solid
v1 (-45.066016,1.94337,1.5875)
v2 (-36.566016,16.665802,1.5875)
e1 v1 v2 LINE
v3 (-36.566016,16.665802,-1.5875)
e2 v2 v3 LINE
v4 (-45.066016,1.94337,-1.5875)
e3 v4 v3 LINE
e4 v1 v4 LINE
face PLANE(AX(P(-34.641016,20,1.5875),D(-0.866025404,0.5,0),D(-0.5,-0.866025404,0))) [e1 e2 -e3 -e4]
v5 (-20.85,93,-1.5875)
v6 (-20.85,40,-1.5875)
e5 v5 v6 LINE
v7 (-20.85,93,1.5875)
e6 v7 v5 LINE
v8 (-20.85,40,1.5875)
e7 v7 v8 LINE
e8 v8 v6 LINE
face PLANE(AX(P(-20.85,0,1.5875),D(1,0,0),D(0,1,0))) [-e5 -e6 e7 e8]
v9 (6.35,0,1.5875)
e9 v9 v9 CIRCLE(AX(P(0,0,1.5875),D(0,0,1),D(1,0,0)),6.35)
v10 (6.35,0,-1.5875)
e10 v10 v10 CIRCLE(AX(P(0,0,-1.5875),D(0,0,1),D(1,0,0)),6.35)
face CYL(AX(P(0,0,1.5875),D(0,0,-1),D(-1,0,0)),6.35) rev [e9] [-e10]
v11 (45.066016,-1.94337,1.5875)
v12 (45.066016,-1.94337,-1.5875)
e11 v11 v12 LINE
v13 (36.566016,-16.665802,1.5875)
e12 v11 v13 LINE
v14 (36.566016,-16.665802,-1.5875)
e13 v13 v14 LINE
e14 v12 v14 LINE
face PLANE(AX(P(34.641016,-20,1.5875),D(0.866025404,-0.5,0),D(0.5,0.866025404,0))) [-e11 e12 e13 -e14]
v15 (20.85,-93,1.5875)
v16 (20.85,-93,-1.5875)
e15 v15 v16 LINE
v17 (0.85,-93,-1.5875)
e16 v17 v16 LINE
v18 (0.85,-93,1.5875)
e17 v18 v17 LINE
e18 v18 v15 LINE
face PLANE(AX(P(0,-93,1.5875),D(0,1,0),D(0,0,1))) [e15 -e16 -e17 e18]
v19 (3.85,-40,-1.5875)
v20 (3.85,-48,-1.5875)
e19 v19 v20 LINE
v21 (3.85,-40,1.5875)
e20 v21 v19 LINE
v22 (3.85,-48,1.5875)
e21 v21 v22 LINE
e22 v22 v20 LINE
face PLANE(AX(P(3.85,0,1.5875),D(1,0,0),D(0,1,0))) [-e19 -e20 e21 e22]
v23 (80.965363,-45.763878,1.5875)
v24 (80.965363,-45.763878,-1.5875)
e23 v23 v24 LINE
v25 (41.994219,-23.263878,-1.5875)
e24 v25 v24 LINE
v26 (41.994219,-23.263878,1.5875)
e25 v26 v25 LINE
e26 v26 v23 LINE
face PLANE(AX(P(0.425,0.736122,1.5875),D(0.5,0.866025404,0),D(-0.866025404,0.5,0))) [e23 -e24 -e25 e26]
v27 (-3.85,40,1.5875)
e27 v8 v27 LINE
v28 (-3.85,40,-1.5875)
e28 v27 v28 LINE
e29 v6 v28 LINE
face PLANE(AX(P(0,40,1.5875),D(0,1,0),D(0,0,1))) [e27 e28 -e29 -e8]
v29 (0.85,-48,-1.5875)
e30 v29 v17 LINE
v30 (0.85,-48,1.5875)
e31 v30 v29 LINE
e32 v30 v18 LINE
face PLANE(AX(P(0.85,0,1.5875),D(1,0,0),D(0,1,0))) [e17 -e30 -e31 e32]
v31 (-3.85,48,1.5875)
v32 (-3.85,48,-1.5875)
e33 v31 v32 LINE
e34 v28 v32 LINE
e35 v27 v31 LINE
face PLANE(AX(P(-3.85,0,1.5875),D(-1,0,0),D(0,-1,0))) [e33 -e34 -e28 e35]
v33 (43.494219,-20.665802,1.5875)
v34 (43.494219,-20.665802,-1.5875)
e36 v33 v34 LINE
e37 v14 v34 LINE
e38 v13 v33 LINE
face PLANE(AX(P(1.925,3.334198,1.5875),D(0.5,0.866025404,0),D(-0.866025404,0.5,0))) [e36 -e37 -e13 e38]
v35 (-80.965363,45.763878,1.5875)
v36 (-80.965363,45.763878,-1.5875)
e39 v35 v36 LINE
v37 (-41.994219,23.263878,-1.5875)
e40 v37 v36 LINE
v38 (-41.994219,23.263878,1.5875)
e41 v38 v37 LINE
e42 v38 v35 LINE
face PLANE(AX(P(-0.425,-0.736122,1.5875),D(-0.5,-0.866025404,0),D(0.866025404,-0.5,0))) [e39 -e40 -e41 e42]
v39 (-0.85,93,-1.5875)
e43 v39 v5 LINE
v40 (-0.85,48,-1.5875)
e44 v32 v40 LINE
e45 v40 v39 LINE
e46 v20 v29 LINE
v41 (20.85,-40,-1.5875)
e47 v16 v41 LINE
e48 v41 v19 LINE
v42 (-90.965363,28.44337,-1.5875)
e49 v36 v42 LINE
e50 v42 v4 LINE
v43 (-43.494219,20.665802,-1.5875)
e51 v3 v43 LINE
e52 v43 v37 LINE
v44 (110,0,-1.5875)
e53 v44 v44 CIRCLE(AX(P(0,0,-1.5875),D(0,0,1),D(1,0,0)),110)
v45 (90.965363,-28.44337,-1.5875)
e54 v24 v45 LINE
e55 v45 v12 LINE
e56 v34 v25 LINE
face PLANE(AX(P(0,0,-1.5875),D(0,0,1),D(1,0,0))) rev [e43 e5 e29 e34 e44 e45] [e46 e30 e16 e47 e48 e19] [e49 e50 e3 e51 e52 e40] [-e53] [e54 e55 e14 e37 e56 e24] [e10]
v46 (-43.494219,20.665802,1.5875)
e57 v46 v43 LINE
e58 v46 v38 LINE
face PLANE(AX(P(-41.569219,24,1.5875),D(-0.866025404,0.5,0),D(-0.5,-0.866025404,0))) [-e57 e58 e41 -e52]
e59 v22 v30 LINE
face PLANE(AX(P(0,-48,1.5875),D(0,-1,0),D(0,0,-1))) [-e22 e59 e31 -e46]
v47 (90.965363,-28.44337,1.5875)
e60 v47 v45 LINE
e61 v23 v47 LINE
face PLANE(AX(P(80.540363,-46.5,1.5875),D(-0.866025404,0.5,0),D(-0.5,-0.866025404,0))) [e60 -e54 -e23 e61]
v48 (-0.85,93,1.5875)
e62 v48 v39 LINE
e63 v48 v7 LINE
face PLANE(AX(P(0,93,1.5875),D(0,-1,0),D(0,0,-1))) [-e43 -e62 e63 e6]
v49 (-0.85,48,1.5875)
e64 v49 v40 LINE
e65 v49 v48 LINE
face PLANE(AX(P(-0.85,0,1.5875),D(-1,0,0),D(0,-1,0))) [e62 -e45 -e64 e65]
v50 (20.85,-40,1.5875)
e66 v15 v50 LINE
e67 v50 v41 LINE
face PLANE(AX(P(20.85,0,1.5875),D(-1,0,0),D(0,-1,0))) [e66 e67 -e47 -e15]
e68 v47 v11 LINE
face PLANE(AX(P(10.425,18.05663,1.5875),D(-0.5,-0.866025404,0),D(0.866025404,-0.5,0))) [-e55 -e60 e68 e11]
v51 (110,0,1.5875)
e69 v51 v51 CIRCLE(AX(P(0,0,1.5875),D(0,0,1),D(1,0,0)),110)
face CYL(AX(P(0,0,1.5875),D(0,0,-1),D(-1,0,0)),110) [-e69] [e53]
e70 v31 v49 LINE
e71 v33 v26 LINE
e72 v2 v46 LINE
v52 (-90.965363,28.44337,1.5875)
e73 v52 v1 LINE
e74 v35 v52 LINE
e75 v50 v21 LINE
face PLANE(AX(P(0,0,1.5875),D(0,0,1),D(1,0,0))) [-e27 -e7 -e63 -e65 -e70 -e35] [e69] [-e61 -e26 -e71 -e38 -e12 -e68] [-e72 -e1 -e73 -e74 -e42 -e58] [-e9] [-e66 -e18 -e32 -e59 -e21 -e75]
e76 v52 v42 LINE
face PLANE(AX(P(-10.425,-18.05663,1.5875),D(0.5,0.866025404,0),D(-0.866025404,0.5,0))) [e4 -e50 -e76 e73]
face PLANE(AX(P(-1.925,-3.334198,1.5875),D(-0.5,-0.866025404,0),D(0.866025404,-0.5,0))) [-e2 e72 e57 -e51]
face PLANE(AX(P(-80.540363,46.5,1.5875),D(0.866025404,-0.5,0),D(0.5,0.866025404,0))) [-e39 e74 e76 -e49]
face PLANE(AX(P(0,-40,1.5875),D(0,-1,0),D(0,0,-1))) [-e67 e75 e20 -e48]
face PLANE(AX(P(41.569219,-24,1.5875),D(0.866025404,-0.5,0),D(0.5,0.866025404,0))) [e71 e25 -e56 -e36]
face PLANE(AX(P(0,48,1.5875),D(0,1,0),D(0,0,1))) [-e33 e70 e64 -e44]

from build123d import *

# Parameters (mm, degrees)
SKETCH1_R           = 110
SKETCH1_R_2         = 6.35
BOSS_EXTRUDE1_DEPTH = 1.5875


with BuildPart() as part:
    # Sketch1 → Boss-Extrude1 (new body, symmetric)
    with BuildSketch(Plane.XY):
        Circle(SKETCH1_R)
        Circle(SKETCH1_R_2, mode=Mode.SUBTRACT)
        Polygon((-6.35, 40), (-3.85, 40), (-3.85, 48), (-0.85, 48), (-0.85, 93), (-20.85, 93), (-20.85, 40), (-18.35, 40), align=None, mode=Mode.SUBTRACT)
        Polygon((6.35, -40), (3.85, -40), (3.85, -48), (0.85, -48), (0.85, -93), (20.85, -93), (20.85, -40), (18.35, -40), align=None, mode=Mode.SUBTRACT)
        Polygon((37.816016151, -14.500738686), (36.566016151, -16.665802195), (43.494219382, -20.665802195), (41.994219382, -23.263878407), (80.965362552, -45.763878407), (90.965362552, -28.443370331), (45.066016151, -1.943370331), (43.816016151, -4.108433841), align=None, mode=Mode.SUBTRACT)
        Polygon((-37.816016151, 14.500738686), (-36.566016151, 16.665802195), (-43.494219382, 20.665802195), (-41.994219382, 23.263878407), (-80.965362552, 45.763878407), (-90.965362552, 28.443370331), (-45.066016151, 1.943370331), (-43.816016151, 4.108433841), align=None, mode=Mode.SUBTRACT)
    extrude(amount=BOSS_EXTRUDE1_DEPTH, both=True)


solid = part.part
